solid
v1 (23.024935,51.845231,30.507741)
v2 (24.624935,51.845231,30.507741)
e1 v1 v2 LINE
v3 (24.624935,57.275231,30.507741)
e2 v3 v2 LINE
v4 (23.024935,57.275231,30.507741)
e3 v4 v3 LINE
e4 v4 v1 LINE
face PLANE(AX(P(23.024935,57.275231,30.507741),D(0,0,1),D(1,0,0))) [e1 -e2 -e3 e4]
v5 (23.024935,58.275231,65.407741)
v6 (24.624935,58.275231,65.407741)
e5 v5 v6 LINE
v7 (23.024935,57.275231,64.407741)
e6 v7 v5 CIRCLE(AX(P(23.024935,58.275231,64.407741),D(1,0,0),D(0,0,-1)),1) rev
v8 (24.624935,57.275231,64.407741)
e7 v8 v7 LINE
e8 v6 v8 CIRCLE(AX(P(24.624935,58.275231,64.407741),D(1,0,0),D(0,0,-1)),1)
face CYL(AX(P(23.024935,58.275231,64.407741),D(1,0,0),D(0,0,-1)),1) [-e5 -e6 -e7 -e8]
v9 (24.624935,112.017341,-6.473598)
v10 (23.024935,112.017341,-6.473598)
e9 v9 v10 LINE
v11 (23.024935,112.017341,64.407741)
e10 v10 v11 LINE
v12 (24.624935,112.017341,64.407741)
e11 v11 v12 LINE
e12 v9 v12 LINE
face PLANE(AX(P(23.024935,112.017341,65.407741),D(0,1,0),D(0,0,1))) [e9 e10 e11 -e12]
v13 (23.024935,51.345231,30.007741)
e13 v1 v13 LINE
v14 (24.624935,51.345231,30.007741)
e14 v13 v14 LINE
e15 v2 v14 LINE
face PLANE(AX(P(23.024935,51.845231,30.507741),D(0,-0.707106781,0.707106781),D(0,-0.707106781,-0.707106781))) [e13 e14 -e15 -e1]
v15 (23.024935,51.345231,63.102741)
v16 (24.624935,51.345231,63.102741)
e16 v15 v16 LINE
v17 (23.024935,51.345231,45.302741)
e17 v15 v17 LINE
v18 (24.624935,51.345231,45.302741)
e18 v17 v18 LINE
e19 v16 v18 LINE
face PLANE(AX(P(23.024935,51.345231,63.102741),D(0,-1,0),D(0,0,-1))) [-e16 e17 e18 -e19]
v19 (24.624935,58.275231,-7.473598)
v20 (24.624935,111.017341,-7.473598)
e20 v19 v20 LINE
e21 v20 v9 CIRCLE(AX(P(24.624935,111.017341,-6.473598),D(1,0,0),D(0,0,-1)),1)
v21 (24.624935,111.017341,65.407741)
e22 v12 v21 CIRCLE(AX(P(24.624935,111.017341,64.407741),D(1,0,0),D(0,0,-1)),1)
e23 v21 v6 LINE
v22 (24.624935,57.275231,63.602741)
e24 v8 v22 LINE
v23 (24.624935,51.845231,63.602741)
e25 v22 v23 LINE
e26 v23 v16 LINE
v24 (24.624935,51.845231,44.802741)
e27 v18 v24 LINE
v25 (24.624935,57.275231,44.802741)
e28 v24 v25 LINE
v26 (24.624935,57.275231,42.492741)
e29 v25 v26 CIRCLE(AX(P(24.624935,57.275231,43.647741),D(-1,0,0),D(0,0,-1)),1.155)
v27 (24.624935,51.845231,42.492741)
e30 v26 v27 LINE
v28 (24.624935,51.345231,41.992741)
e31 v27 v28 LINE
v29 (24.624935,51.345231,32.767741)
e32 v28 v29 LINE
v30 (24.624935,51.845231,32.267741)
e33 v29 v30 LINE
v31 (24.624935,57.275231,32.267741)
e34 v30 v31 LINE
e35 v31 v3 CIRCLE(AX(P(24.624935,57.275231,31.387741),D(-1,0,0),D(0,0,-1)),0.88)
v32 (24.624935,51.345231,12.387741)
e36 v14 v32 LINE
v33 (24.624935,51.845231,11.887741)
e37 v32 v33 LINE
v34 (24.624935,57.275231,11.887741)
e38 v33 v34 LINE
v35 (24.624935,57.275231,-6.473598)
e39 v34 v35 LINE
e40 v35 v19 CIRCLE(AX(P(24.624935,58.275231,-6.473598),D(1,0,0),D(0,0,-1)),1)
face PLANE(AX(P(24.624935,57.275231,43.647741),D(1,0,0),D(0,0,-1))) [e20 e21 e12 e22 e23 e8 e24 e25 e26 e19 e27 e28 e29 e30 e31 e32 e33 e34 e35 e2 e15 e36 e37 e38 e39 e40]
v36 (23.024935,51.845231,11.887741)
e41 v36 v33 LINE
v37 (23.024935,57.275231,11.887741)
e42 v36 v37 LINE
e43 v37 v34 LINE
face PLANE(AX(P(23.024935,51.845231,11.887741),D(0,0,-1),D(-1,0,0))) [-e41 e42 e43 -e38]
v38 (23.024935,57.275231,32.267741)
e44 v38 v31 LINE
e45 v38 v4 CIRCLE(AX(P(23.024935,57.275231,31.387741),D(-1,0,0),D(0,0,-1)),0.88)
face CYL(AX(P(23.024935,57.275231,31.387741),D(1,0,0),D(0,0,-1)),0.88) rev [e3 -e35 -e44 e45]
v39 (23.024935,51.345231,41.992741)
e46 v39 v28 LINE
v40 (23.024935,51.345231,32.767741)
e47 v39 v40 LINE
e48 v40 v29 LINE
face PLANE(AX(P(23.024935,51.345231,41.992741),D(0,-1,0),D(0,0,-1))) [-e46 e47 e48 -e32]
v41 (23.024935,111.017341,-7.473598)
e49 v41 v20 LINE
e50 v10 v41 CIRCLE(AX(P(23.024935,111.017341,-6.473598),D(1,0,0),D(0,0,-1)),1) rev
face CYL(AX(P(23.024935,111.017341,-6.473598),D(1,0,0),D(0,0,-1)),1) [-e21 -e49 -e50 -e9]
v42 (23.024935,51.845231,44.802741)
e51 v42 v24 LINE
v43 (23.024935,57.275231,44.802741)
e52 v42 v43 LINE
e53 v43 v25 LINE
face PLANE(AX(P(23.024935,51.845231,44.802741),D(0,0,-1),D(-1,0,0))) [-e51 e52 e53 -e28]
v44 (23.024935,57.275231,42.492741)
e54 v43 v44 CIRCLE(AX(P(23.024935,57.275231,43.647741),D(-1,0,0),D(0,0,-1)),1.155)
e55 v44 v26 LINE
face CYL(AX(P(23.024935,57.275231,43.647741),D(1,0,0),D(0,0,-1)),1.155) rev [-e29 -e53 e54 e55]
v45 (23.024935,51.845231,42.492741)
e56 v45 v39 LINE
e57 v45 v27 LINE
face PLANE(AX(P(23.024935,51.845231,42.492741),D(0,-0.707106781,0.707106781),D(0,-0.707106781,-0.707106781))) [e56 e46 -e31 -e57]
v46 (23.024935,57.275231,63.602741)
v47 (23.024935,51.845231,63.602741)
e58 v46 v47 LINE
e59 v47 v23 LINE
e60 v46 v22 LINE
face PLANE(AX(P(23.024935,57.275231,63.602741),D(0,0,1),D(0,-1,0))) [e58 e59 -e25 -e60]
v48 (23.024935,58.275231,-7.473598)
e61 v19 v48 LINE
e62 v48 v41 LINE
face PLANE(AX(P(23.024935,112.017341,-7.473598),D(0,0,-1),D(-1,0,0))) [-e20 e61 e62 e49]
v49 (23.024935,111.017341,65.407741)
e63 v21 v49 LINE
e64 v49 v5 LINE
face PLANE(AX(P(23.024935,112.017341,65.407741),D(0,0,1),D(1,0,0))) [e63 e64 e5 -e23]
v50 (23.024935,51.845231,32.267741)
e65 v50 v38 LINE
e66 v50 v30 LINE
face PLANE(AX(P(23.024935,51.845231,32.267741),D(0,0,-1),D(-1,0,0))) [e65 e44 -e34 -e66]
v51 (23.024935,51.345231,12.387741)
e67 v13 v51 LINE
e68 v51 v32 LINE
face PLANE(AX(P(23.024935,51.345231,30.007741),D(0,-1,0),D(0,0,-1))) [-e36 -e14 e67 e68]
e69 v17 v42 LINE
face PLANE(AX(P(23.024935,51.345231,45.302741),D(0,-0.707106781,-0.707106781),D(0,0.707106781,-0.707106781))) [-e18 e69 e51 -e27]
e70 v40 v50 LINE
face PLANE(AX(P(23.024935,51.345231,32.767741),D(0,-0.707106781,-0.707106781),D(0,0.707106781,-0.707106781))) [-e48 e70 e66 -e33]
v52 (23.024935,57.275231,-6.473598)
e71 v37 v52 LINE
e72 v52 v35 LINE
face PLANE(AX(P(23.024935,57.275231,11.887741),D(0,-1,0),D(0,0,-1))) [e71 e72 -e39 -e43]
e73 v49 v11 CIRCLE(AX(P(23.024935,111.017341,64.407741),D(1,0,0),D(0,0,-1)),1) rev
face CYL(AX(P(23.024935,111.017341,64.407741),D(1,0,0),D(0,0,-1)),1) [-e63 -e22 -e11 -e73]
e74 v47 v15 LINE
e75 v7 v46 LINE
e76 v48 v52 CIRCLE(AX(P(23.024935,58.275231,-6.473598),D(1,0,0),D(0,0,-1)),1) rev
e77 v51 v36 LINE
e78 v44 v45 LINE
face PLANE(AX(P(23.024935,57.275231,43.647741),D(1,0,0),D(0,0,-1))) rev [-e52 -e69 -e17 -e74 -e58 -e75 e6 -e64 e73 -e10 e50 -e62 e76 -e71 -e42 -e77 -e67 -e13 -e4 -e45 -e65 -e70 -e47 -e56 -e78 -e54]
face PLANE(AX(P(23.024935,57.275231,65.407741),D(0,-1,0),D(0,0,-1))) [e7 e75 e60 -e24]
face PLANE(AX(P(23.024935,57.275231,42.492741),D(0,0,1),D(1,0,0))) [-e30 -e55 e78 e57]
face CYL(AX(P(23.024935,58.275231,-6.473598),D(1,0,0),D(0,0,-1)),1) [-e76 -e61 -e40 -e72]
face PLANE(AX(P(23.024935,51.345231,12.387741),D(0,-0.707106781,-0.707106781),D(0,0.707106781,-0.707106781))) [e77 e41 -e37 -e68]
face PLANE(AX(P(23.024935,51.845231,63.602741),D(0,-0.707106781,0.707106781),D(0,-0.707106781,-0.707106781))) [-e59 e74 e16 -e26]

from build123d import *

# Parameters (mm, degrees)
BOSS_EXTRUDE1_DEPTH      = 0.8
BOSS_EXTRUDE1_DEPTH_BACK = 0.8
FILLET1_R                = 1


with BuildPart() as part:
    # Sketch2 → Boss-Extrude1 (new, two sides: drawn at the far end of the back side and taken through both)
    with BuildSketch(Plane(origin=(23.824934682, 0, 0), x_dir=(0, 0, -1), z_dir=(1, 0, 0)).offset(-BOSS_EXTRUDE1_DEPTH_BACK)):
        with BuildLine():
            Line((-65.407740568, 112.017340514), (7.473597983, 112.017340514))
            Line((7.473597983, 112.017340514), (7.473597983, 57.27523093))
            Line((7.473597983, 57.27523093), (-11.887740568, 57.27523093))
            Line((-11.887740568, 57.27523093), (-11.887740568, 51.84523093))
            Line((-11.887740568, 51.84523093), (-12.387740568, 51.34523093))
            Line((-12.387740568, 51.34523093), (-30.007740568, 51.34523093))
            Line((-30.007740568, 51.34523093), (-30.507740568, 51.84523093))
            Line((-30.507740568, 51.84523093), (-30.507740568, 57.27523093))
            ThreePointArc((-30.507740568, 57.27523093), (-31.387740568, 58.15523093), (-32.267740568, 57.27523093))
            Line((-32.267740568, 57.27523093), (-32.267740568, 51.84523093))
            Line((-32.267740568, 51.84523093), (-32.767740568, 51.34523093))
            Line((-32.767740568, 51.34523093), (-41.992740568, 51.34523093))
            Line((-41.992740568, 51.34523093), (-42.492740568, 51.84523093))
            Line((-42.492740568, 51.84523093), (-42.492740568, 57.27523093))
            ThreePointArc((-42.492740568, 57.27523093), (-43.647740568, 58.43023093), (-44.802740568, 57.27523093))
            Line((-44.802740568, 57.27523093), (-44.802740568, 51.84523093))
            Line((-44.802740568, 51.84523093), (-45.302740568, 51.34523093))
            Line((-45.302740568, 51.34523093), (-63.102740568, 51.34523093))
            Line((-63.102740568, 51.34523093), (-63.602740568, 51.84523093))
            Line((-63.602740568, 51.84523093), (-63.602740568, 57.27523093))
            Line((-63.602740568, 57.27523093), (-65.407740568, 57.27523093))
            Line((-65.407740568, 57.27523093), (-65.407740568, 112.017340514))
        make_face()
    extrude(amount=BOSS_EXTRUDE1_DEPTH + BOSS_EXTRUDE1_DEPTH_BACK)

    # Fillet1
    fillet1_edges = [part.edges().sort_by_distance(p)[0] for p in [
        (23.824934682, 57.27523093, 65.407740568),
        (23.824934682, 57.27523093, -7.473597983),
        (23.824934682, 112.017340514, -7.473597983),
        (23.824934682, 112.017340514, 65.407740568),
    ]]
    fillet(fillet1_edges, radius=FILLET1_R)


solid = part.part
